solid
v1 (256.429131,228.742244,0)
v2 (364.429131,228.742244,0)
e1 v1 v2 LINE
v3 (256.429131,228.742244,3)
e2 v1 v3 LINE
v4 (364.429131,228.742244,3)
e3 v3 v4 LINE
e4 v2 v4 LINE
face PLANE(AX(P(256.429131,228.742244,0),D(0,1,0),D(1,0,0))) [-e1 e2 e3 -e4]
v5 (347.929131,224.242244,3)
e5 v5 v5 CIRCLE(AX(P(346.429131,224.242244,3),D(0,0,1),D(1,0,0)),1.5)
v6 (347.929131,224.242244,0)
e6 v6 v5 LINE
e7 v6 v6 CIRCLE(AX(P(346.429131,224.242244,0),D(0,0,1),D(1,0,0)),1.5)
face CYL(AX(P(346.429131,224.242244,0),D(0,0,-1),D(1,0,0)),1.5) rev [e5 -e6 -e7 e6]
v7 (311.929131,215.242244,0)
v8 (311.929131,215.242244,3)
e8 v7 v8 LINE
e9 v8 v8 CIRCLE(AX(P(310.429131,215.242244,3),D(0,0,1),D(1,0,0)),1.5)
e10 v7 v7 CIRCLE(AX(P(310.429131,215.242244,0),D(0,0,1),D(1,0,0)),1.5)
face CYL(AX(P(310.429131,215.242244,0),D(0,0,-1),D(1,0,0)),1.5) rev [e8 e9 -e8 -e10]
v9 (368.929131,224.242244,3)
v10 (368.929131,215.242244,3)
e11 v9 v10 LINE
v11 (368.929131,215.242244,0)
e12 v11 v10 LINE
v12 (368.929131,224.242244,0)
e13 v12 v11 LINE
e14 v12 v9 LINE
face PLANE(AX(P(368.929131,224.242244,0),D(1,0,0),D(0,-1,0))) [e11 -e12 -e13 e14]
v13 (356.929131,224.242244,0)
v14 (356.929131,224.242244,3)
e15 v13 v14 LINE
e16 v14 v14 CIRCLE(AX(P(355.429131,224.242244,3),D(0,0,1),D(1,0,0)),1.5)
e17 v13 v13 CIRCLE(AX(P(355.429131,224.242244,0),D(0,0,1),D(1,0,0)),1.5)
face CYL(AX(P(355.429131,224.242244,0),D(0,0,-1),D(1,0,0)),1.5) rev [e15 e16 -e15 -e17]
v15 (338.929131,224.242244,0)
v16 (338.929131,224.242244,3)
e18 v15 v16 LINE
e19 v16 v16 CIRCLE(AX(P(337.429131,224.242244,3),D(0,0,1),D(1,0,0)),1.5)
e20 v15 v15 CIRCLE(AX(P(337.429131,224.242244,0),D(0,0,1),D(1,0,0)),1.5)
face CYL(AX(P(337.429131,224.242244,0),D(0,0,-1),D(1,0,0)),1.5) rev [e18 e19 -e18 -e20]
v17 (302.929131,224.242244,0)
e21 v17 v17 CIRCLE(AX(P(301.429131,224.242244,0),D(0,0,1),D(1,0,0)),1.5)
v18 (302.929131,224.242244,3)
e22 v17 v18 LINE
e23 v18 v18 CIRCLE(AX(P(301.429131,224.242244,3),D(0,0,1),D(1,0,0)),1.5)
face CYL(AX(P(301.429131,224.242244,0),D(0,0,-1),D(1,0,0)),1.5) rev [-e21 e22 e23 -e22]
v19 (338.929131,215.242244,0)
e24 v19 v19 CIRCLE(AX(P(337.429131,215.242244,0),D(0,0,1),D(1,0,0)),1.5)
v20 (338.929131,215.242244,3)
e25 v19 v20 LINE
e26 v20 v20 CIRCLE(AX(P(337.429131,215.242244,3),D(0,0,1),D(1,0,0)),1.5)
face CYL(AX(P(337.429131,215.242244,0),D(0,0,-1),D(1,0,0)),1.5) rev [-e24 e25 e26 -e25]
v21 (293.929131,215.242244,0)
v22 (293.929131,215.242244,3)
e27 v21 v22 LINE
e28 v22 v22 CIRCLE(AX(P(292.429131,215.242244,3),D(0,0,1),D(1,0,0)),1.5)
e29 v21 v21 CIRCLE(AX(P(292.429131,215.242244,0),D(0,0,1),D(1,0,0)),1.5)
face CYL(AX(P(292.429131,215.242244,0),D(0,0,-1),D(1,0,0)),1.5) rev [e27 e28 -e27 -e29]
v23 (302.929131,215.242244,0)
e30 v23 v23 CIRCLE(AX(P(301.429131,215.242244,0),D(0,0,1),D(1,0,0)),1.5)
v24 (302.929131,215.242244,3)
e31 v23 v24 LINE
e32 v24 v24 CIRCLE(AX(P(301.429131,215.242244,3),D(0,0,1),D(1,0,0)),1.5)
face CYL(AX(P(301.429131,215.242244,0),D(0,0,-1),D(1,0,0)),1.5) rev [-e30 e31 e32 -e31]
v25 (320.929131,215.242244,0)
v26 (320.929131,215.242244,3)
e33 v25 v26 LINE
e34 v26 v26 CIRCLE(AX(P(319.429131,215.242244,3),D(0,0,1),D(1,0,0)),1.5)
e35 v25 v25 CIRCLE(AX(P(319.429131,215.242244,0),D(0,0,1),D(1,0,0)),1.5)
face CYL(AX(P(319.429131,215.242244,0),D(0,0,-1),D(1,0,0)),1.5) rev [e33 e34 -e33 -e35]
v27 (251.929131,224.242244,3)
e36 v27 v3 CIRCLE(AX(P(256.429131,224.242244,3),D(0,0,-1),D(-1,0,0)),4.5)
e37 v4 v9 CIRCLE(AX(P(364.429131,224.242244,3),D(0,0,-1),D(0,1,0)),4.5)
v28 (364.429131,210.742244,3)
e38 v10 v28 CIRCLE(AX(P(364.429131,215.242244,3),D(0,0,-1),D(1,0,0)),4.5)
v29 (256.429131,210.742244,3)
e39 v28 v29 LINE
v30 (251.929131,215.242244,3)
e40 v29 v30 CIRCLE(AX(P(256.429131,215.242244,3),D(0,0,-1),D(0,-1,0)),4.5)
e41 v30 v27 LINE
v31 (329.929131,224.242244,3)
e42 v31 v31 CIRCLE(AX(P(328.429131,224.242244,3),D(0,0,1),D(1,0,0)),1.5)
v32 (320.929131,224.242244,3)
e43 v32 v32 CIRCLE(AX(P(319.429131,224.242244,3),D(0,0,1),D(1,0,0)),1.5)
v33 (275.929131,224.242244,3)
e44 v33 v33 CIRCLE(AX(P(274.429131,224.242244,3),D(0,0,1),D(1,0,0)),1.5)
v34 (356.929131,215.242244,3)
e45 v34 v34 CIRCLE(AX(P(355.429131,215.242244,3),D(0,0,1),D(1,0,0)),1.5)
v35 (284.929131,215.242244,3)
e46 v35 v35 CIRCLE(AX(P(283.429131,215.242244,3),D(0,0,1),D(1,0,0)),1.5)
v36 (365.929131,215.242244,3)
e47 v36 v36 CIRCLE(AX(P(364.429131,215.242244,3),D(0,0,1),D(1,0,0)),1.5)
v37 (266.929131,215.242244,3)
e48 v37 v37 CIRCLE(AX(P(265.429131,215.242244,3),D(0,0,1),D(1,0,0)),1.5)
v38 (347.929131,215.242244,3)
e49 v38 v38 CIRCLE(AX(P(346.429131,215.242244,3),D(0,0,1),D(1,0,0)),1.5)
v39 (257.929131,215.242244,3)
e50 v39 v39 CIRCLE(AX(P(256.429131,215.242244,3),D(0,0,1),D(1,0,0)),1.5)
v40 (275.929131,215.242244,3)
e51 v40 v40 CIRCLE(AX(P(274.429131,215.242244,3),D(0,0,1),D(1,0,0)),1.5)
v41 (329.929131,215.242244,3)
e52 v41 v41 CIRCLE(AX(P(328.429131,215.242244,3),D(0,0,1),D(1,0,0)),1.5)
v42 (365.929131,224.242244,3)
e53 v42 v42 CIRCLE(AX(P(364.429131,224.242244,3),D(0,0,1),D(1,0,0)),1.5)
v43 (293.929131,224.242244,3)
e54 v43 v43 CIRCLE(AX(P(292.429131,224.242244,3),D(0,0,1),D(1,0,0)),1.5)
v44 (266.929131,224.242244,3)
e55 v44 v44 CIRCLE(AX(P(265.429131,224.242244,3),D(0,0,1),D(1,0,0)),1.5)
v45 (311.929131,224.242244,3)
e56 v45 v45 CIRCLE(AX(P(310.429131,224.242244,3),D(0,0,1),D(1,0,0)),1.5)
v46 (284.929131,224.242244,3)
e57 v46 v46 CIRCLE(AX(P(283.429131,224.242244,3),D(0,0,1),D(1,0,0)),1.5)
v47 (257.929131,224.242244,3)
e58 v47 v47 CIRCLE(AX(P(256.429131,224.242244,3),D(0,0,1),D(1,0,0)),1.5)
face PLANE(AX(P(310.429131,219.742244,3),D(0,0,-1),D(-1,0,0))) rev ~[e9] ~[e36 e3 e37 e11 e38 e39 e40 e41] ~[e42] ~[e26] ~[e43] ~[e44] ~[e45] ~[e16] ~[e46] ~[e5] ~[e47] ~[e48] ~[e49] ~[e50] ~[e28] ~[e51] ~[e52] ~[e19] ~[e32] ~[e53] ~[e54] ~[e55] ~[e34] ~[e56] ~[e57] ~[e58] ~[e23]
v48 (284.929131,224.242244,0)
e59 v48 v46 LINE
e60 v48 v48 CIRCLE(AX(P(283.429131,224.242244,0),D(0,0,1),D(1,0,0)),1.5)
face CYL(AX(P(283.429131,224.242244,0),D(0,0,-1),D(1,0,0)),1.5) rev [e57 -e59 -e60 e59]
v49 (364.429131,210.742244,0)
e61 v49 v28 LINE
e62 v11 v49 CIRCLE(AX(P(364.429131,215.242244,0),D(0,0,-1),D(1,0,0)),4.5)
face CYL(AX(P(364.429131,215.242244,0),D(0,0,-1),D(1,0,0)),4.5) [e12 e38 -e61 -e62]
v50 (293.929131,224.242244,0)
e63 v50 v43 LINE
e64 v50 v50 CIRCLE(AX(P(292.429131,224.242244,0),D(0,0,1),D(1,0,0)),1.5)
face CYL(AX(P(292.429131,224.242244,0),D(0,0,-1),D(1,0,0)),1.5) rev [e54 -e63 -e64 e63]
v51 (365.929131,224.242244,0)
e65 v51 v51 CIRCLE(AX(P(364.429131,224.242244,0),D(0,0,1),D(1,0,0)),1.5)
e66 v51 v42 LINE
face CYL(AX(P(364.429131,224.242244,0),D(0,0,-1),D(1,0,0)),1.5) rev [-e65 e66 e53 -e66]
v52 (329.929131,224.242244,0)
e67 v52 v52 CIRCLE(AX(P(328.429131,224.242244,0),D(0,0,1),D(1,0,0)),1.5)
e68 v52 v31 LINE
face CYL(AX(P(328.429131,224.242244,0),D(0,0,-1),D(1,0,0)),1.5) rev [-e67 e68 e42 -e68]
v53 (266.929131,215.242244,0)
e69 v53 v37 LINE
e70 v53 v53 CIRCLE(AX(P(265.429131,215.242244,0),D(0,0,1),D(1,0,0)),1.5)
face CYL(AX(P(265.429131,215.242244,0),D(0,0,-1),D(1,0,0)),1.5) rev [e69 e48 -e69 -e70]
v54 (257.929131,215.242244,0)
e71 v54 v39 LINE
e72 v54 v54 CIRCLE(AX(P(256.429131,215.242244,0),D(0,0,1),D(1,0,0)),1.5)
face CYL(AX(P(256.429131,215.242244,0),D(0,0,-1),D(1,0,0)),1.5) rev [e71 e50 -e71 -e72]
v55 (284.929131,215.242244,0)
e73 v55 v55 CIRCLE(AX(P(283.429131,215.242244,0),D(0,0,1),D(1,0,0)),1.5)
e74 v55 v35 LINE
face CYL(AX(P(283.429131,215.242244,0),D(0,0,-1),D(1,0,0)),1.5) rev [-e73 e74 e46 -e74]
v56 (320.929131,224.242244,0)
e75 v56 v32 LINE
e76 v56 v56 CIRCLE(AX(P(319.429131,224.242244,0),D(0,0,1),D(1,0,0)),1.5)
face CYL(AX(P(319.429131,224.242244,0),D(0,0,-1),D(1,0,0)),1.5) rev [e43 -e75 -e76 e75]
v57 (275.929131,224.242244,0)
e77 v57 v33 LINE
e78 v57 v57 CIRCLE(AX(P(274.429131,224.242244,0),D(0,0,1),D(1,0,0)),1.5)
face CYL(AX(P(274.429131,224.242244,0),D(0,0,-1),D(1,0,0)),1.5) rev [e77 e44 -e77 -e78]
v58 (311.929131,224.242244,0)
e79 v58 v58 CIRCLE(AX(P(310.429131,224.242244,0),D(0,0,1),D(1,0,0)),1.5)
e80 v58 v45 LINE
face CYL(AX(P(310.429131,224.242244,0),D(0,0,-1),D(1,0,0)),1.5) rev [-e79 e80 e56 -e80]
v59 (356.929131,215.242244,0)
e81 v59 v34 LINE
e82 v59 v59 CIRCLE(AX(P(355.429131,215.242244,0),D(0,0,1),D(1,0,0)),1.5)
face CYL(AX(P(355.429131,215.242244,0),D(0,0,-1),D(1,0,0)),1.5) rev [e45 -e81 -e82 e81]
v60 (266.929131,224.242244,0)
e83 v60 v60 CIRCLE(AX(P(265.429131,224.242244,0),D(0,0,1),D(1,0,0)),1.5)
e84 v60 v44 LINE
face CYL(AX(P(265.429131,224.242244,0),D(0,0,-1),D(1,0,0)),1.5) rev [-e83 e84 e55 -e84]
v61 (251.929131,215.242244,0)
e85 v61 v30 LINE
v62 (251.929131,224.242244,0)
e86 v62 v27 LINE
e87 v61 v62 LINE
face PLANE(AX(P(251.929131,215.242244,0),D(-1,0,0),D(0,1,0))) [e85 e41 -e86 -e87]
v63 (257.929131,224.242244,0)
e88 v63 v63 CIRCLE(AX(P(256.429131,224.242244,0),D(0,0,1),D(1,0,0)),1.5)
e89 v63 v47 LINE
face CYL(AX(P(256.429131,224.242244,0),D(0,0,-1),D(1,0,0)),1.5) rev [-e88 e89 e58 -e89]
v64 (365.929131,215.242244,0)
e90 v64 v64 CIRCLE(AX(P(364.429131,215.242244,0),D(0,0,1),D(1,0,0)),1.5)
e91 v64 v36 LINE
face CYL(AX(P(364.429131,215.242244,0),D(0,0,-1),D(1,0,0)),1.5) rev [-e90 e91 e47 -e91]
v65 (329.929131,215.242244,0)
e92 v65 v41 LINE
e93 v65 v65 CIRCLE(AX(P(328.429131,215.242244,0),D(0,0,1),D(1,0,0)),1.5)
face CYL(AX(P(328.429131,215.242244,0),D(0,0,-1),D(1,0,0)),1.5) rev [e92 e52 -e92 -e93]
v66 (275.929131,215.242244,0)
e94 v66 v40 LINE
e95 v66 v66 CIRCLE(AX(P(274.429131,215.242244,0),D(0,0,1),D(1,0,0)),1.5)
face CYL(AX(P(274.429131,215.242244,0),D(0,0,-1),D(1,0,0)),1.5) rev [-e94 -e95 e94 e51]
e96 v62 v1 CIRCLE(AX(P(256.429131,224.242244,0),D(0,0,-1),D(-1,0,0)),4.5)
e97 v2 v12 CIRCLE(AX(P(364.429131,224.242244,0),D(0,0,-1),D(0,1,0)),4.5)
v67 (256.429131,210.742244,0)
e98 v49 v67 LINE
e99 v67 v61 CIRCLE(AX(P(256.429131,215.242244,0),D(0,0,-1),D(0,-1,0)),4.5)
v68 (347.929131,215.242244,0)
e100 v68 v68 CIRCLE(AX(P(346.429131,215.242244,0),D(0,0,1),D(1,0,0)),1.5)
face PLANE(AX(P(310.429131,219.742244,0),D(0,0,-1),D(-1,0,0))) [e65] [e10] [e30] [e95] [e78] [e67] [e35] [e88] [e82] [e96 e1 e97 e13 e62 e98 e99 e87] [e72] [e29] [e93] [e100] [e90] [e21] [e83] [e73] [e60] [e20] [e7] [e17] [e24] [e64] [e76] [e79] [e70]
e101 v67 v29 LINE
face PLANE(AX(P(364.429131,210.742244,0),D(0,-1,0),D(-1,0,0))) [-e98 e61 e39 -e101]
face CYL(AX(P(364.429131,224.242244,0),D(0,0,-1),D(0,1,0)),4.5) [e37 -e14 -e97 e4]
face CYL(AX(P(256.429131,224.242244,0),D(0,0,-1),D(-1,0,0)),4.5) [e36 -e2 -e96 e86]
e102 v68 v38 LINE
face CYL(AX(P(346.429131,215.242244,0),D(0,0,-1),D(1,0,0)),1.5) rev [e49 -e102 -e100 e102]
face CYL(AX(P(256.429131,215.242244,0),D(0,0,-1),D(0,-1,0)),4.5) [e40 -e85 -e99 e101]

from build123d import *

# Parameters (mm, degrees)
MODEL_R                 = 1.5
SALIENTE_EXTRUIR1_DEPTH = 3


with BuildPart() as part:
    # Model → Saliente-Extruir1 (new body)
    with BuildSketch(Plane.XY):
        with BuildLine():
            Line((256.429131311, 228.742243614), (364.429131311, 228.742243614))
            ThreePointArc((364.429131311, 228.742243614), (367.611111826, 227.424224129), (368.929131311, 224.242243614))
            Line((368.929131311, 224.242243614), (368.929131311, 215.242243614))
            ThreePointArc((368.929131311, 215.242243614), (367.611111826, 212.060263099), (364.429131311, 210.742243614))
            Line((364.429131311, 210.742243614), (256.429131311, 210.742243614))
            ThreePointArc((256.429131311, 210.742243614), (253.247150795, 212.060263099), (251.929131311, 215.242243614))
            Line((251.929131311, 215.242243614), (251.929131311, 224.242243614))
            ThreePointArc((251.929131311, 224.242243614), (253.247150795, 227.424224129), (256.429131311, 228.742243614))
        make_face()
        with Locations((310.429131311, 224.242243614)):
            Circle(MODEL_R, mode=Mode.SUBTRACT)
        with Locations((292.429131311, 224.242243614)):
            Circle(MODEL_R, mode=Mode.SUBTRACT)
        with Locations((301.429131311, 224.242243614)):
            Circle(MODEL_R, mode=Mode.SUBTRACT)
        with Locations((337.429131311, 215.242243614)):
            Circle(MODEL_R, mode=Mode.SUBTRACT)
        with Locations((319.429131311, 215.242243614)):
            Circle(MODEL_R, mode=Mode.SUBTRACT)
        with Locations((328.429131311, 215.242243614)):
            Circle(MODEL_R, mode=Mode.SUBTRACT)
        with Locations((310.429131311, 215.242243614)):
            Circle(MODEL_R, mode=Mode.SUBTRACT)
        with Locations((292.429131311, 215.242243614)):
            Circle(MODEL_R, mode=Mode.SUBTRACT)
        with Locations((301.429131311, 215.242243614)):
            Circle(MODEL_R, mode=Mode.SUBTRACT)
        with Locations((274.429131311, 215.242243614)):
            Circle(MODEL_R, mode=Mode.SUBTRACT)
        with Locations((283.429131311, 215.242243614)):
            Circle(MODEL_R, mode=Mode.SUBTRACT)
        with Locations((265.429131311, 215.242243614)):
            Circle(MODEL_R, mode=Mode.SUBTRACT)
        with Locations((256.429131311, 215.242243614)):
            Circle(MODEL_R, mode=Mode.SUBTRACT)
        with Locations((346.429131311, 215.242243614)):
            Circle(MODEL_R, mode=Mode.SUBTRACT)
        with Locations((274.429131311, 224.242243614)):
            Circle(MODEL_R, mode=Mode.SUBTRACT)
        with Locations((265.429131311, 224.242243614)):
            Circle(MODEL_R, mode=Mode.SUBTRACT)
        with Locations((256.429131311, 224.242243614)):
            Circle(MODEL_R, mode=Mode.SUBTRACT)
        with Locations((283.429131311, 224.242243614)):
            Circle(MODEL_R, mode=Mode.SUBTRACT)
        with Locations((337.429131311, 224.242243614)):
            Circle(MODEL_R, mode=Mode.SUBTRACT)
        with Locations((319.429131311, 224.242243614)):
            Circle(MODEL_R, mode=Mode.SUBTRACT)
        with Locations((328.429131311, 224.242243614)):
            Circle(MODEL_R, mode=Mode.SUBTRACT)
        with Locations((346.429131311, 224.242243614)):
            Circle(MODEL_R, mode=Mode.SUBTRACT)
        with Locations((355.429131311, 215.242243614)):
            Circle(MODEL_R, mode=Mode.SUBTRACT)
        with Locations((355.429131311, 224.242243614)):
            Circle(MODEL_R, mode=Mode.SUBTRACT)
        with Locations((364.429131311, 215.242243614)):
            Circle(MODEL_R, mode=Mode.SUBTRACT)
        with Locations((364.429131311, 224.242243614)):
            Circle(MODEL_R, mode=Mode.SUBTRACT)
    extrude(amount=SALIENTE_EXTRUIR1_DEPTH)


solid = part.part
